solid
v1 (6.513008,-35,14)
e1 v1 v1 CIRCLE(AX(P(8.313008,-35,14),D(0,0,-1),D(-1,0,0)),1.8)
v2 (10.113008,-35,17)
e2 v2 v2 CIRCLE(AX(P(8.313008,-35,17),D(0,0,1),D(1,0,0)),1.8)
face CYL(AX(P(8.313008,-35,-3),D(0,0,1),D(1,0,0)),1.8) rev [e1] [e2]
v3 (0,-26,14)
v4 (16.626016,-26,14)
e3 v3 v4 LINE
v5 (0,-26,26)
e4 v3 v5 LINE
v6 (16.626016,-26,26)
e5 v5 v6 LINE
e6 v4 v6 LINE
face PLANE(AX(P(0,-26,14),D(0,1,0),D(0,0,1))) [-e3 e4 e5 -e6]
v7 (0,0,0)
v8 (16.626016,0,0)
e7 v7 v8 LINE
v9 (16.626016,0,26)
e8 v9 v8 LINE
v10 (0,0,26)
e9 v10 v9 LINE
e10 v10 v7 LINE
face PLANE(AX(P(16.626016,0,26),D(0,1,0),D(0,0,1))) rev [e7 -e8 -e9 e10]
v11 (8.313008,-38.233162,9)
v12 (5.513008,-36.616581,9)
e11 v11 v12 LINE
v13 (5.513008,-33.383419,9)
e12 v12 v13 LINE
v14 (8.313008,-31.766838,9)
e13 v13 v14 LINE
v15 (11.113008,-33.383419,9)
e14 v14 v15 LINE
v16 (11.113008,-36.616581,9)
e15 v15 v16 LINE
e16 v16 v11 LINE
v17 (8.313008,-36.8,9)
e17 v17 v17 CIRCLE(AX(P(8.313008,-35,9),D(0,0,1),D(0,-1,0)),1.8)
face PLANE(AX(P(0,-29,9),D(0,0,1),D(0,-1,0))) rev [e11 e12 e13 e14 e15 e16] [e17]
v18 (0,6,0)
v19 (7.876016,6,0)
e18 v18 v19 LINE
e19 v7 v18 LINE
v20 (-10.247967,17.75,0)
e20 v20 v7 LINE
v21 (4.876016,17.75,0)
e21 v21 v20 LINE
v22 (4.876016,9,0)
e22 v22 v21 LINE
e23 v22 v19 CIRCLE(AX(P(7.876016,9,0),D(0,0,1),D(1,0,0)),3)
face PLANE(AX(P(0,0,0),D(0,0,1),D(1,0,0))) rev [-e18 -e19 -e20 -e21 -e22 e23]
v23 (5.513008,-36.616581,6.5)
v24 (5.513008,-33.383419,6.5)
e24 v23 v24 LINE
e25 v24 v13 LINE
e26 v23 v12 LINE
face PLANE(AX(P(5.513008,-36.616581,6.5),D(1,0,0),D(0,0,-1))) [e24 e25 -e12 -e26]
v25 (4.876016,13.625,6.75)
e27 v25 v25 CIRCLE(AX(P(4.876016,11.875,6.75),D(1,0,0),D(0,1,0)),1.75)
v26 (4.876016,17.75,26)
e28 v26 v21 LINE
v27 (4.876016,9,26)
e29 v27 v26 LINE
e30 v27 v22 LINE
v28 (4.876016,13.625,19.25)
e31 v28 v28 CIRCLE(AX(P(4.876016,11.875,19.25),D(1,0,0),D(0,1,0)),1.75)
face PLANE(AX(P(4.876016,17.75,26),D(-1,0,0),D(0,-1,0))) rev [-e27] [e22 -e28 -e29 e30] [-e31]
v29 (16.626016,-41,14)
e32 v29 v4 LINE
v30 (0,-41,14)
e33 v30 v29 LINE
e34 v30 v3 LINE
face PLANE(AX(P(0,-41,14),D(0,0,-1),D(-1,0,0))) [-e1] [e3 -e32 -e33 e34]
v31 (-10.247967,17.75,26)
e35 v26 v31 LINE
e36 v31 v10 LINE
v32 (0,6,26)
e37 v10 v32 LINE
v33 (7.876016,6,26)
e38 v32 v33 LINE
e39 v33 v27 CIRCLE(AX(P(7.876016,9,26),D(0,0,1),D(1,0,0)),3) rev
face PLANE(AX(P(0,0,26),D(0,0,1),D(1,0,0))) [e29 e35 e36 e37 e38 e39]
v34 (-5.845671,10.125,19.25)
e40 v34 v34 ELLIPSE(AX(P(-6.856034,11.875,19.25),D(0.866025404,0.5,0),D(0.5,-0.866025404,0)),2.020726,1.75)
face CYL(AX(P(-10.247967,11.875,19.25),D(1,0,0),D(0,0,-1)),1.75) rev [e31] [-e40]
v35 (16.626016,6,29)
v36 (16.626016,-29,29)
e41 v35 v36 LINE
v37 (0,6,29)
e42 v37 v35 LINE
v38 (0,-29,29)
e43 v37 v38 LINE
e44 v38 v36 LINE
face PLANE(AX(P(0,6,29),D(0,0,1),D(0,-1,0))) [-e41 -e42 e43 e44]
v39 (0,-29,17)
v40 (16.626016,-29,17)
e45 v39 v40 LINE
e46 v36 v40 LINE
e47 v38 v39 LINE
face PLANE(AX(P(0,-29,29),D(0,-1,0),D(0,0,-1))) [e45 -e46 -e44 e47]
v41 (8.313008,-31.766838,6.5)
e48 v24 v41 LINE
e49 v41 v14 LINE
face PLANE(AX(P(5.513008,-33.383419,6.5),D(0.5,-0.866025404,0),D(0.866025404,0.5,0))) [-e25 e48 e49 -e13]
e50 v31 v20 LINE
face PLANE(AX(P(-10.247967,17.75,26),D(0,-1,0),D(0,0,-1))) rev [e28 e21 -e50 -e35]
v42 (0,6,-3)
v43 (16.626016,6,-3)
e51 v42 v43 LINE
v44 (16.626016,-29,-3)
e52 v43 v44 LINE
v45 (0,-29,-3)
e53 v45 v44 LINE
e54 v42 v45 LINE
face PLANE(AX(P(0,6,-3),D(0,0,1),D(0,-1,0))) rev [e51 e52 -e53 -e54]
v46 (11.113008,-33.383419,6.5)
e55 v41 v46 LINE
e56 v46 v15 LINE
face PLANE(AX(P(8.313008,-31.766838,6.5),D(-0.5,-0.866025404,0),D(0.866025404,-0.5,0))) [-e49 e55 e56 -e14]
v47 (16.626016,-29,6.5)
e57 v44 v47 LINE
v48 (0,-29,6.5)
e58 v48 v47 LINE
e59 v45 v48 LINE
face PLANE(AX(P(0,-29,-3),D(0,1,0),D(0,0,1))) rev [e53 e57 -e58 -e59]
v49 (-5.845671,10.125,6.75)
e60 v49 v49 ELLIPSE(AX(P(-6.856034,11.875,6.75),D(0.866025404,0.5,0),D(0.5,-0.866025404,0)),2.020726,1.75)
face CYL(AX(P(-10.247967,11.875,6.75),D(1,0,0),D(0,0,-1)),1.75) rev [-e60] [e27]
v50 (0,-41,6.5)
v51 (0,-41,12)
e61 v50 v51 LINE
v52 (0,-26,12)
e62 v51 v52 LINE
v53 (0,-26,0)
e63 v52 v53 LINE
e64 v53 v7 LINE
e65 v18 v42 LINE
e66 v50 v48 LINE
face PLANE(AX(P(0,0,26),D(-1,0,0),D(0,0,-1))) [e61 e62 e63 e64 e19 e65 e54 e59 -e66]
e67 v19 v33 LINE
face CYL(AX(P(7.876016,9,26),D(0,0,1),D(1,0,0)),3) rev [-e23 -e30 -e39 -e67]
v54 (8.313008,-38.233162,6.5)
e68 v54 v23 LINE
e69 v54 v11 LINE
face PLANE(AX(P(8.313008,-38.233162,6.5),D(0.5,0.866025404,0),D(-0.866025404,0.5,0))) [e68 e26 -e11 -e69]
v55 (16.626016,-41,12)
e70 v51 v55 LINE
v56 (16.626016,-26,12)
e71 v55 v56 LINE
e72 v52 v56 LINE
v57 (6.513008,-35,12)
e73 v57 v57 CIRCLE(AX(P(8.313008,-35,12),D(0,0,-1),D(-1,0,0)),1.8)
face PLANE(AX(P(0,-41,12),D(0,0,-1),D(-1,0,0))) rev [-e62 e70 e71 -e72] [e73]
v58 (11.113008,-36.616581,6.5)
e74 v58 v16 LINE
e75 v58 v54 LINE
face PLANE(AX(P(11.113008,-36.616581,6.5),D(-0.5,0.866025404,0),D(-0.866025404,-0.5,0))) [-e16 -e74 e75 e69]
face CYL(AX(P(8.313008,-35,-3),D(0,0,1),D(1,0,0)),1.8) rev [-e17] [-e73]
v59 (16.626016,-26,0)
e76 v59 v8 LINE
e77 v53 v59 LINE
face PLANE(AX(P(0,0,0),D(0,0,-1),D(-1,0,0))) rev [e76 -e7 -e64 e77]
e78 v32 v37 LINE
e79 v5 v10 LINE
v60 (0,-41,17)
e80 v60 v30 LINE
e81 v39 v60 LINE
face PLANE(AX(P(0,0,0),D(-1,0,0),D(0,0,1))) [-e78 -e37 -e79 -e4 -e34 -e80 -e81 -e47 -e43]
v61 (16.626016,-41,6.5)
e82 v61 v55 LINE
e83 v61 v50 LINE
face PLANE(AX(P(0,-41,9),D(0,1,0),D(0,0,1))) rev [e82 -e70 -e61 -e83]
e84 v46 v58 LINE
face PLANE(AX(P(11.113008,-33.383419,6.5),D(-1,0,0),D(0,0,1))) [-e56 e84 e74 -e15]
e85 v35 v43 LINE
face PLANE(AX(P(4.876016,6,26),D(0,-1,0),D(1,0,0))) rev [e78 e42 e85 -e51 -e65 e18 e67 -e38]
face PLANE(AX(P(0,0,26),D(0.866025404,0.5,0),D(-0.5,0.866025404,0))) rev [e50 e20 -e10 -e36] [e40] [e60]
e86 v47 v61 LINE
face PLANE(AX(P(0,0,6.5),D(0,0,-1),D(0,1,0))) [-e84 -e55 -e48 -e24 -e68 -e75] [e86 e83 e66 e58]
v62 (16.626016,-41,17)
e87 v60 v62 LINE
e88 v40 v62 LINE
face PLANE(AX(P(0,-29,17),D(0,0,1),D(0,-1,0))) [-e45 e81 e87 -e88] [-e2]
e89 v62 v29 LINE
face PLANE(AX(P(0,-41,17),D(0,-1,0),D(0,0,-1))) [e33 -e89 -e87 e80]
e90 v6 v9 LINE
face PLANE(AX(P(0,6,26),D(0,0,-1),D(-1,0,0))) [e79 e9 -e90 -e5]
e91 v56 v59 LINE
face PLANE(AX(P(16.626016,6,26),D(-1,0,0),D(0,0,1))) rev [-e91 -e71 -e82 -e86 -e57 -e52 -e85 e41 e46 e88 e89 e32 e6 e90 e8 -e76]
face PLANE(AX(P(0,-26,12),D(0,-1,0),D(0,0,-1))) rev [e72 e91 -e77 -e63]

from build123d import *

# Parameters (mm, degrees)
BOSS_EXTRUDE1_DEPTH = 26
SKETCH3_R           = 1.75
CUT_EXTRUDE2_DEPTH  = 35.925597792
FILLET1_R           = 3
BOSS_EXTRUDE2_DEPTH = 16.626016
SKETCH5_R           = 1.8
CUT_EXTRUDE3_DEPTH  = 49.553315232
SKETCH6_W           = 16.626016361
SKETCH6_H           = 12
BOSS_EXTRUDE3_DEPTH = 2.5


with BuildPart() as part:
    # Sketch1 → Boss-Extrude1 (new body)
    with BuildSketch(Plane.XY):
        Polygon((0, 0), (-10.247967278, 17.75), (4.876016361, 17.75), (4.876016361, 6), (16.626016361, 6), (16.626016361, 0), align=None)
    extrude(amount=BOSS_EXTRUDE1_DEPTH)

    # Sketch3 → Cut-Extrude2 (cut, through all)
    with BuildSketch(Plane(origin=(4.876016361, 0, 0), x_dir=(0, 0, -1), z_dir=(1, 0, 0))):
        with Locations(Location((-19.25, 11.875, 0), (0, 0, 90))):
            Circle(SKETCH3_R)
        with Locations(Location((-6.75, 11.875, 0), (0, 0, 90))):
            Circle(SKETCH3_R)
    extrude(amount=-CUT_EXTRUDE2_DEPTH, mode=Mode.SUBTRACT)

    # Fillet1
    fillet1_edges = [part.edges().sort_by_distance(p)[0] for p in [
        (4.876016361, 6, 13),
    ]]
    fillet(fillet1_edges, radius=FILLET1_R)

    # Sketch4 → Boss-Extrude2 (add)
    with BuildSketch(Plane(origin=(16.626016361, 0, 0), x_dir=(0, 0, -1), z_dir=(1, 0, 0))):
        Polygon((-26, 6), (-29, 6), (-29, -29), (-17, -29), (-17, -41), (-14, -41), (-14, -26), (-26, -26), (-26, 0), align=None)
    boss_extrude2 = extrude(amount=-BOSS_EXTRUDE2_DEPTH)

    # Mirror1: Boss-Extrude2 across plane
    add(boss_extrude2.mirror(Plane(origin=(0, 0, 13), x_dir=(1, 0, 0), z_dir=(0, 0, -1))))

    # Sketch5 → Cut-Extrude3 (cut, through all)
    with BuildSketch(Plane.XY.offset(17)):
        with Locations(Location((8.31300818, -35, 0), (0, 0, 270))):
            Circle(SKETCH5_R)
    extrude(amount=-CUT_EXTRUDE3_DEPTH, mode=Mode.SUBTRACT)

    # Sketch6 → Boss-Extrude3 (add)
    with BuildSketch(Plane(origin=(0, 0, 9), x_dir=(-1, 0, 0), z_dir=(0, 0, -1))):
        with Locations((-8.313008181, -35)):
            Rectangle(SKETCH6_W, SKETCH6_H)
        Polygon((-5.51300818, -33.383419246), (-8.31300818, -31.766838493), (-11.11300818, -33.383419246), (-11.11300818, -36.616580754), (-8.31300818, -38.233161507), (-5.51300818, -36.616580754), align=None, mode=Mode.SUBTRACT)
    extrude(amount=BOSS_EXTRUDE3_DEPTH)


solid = part.part
